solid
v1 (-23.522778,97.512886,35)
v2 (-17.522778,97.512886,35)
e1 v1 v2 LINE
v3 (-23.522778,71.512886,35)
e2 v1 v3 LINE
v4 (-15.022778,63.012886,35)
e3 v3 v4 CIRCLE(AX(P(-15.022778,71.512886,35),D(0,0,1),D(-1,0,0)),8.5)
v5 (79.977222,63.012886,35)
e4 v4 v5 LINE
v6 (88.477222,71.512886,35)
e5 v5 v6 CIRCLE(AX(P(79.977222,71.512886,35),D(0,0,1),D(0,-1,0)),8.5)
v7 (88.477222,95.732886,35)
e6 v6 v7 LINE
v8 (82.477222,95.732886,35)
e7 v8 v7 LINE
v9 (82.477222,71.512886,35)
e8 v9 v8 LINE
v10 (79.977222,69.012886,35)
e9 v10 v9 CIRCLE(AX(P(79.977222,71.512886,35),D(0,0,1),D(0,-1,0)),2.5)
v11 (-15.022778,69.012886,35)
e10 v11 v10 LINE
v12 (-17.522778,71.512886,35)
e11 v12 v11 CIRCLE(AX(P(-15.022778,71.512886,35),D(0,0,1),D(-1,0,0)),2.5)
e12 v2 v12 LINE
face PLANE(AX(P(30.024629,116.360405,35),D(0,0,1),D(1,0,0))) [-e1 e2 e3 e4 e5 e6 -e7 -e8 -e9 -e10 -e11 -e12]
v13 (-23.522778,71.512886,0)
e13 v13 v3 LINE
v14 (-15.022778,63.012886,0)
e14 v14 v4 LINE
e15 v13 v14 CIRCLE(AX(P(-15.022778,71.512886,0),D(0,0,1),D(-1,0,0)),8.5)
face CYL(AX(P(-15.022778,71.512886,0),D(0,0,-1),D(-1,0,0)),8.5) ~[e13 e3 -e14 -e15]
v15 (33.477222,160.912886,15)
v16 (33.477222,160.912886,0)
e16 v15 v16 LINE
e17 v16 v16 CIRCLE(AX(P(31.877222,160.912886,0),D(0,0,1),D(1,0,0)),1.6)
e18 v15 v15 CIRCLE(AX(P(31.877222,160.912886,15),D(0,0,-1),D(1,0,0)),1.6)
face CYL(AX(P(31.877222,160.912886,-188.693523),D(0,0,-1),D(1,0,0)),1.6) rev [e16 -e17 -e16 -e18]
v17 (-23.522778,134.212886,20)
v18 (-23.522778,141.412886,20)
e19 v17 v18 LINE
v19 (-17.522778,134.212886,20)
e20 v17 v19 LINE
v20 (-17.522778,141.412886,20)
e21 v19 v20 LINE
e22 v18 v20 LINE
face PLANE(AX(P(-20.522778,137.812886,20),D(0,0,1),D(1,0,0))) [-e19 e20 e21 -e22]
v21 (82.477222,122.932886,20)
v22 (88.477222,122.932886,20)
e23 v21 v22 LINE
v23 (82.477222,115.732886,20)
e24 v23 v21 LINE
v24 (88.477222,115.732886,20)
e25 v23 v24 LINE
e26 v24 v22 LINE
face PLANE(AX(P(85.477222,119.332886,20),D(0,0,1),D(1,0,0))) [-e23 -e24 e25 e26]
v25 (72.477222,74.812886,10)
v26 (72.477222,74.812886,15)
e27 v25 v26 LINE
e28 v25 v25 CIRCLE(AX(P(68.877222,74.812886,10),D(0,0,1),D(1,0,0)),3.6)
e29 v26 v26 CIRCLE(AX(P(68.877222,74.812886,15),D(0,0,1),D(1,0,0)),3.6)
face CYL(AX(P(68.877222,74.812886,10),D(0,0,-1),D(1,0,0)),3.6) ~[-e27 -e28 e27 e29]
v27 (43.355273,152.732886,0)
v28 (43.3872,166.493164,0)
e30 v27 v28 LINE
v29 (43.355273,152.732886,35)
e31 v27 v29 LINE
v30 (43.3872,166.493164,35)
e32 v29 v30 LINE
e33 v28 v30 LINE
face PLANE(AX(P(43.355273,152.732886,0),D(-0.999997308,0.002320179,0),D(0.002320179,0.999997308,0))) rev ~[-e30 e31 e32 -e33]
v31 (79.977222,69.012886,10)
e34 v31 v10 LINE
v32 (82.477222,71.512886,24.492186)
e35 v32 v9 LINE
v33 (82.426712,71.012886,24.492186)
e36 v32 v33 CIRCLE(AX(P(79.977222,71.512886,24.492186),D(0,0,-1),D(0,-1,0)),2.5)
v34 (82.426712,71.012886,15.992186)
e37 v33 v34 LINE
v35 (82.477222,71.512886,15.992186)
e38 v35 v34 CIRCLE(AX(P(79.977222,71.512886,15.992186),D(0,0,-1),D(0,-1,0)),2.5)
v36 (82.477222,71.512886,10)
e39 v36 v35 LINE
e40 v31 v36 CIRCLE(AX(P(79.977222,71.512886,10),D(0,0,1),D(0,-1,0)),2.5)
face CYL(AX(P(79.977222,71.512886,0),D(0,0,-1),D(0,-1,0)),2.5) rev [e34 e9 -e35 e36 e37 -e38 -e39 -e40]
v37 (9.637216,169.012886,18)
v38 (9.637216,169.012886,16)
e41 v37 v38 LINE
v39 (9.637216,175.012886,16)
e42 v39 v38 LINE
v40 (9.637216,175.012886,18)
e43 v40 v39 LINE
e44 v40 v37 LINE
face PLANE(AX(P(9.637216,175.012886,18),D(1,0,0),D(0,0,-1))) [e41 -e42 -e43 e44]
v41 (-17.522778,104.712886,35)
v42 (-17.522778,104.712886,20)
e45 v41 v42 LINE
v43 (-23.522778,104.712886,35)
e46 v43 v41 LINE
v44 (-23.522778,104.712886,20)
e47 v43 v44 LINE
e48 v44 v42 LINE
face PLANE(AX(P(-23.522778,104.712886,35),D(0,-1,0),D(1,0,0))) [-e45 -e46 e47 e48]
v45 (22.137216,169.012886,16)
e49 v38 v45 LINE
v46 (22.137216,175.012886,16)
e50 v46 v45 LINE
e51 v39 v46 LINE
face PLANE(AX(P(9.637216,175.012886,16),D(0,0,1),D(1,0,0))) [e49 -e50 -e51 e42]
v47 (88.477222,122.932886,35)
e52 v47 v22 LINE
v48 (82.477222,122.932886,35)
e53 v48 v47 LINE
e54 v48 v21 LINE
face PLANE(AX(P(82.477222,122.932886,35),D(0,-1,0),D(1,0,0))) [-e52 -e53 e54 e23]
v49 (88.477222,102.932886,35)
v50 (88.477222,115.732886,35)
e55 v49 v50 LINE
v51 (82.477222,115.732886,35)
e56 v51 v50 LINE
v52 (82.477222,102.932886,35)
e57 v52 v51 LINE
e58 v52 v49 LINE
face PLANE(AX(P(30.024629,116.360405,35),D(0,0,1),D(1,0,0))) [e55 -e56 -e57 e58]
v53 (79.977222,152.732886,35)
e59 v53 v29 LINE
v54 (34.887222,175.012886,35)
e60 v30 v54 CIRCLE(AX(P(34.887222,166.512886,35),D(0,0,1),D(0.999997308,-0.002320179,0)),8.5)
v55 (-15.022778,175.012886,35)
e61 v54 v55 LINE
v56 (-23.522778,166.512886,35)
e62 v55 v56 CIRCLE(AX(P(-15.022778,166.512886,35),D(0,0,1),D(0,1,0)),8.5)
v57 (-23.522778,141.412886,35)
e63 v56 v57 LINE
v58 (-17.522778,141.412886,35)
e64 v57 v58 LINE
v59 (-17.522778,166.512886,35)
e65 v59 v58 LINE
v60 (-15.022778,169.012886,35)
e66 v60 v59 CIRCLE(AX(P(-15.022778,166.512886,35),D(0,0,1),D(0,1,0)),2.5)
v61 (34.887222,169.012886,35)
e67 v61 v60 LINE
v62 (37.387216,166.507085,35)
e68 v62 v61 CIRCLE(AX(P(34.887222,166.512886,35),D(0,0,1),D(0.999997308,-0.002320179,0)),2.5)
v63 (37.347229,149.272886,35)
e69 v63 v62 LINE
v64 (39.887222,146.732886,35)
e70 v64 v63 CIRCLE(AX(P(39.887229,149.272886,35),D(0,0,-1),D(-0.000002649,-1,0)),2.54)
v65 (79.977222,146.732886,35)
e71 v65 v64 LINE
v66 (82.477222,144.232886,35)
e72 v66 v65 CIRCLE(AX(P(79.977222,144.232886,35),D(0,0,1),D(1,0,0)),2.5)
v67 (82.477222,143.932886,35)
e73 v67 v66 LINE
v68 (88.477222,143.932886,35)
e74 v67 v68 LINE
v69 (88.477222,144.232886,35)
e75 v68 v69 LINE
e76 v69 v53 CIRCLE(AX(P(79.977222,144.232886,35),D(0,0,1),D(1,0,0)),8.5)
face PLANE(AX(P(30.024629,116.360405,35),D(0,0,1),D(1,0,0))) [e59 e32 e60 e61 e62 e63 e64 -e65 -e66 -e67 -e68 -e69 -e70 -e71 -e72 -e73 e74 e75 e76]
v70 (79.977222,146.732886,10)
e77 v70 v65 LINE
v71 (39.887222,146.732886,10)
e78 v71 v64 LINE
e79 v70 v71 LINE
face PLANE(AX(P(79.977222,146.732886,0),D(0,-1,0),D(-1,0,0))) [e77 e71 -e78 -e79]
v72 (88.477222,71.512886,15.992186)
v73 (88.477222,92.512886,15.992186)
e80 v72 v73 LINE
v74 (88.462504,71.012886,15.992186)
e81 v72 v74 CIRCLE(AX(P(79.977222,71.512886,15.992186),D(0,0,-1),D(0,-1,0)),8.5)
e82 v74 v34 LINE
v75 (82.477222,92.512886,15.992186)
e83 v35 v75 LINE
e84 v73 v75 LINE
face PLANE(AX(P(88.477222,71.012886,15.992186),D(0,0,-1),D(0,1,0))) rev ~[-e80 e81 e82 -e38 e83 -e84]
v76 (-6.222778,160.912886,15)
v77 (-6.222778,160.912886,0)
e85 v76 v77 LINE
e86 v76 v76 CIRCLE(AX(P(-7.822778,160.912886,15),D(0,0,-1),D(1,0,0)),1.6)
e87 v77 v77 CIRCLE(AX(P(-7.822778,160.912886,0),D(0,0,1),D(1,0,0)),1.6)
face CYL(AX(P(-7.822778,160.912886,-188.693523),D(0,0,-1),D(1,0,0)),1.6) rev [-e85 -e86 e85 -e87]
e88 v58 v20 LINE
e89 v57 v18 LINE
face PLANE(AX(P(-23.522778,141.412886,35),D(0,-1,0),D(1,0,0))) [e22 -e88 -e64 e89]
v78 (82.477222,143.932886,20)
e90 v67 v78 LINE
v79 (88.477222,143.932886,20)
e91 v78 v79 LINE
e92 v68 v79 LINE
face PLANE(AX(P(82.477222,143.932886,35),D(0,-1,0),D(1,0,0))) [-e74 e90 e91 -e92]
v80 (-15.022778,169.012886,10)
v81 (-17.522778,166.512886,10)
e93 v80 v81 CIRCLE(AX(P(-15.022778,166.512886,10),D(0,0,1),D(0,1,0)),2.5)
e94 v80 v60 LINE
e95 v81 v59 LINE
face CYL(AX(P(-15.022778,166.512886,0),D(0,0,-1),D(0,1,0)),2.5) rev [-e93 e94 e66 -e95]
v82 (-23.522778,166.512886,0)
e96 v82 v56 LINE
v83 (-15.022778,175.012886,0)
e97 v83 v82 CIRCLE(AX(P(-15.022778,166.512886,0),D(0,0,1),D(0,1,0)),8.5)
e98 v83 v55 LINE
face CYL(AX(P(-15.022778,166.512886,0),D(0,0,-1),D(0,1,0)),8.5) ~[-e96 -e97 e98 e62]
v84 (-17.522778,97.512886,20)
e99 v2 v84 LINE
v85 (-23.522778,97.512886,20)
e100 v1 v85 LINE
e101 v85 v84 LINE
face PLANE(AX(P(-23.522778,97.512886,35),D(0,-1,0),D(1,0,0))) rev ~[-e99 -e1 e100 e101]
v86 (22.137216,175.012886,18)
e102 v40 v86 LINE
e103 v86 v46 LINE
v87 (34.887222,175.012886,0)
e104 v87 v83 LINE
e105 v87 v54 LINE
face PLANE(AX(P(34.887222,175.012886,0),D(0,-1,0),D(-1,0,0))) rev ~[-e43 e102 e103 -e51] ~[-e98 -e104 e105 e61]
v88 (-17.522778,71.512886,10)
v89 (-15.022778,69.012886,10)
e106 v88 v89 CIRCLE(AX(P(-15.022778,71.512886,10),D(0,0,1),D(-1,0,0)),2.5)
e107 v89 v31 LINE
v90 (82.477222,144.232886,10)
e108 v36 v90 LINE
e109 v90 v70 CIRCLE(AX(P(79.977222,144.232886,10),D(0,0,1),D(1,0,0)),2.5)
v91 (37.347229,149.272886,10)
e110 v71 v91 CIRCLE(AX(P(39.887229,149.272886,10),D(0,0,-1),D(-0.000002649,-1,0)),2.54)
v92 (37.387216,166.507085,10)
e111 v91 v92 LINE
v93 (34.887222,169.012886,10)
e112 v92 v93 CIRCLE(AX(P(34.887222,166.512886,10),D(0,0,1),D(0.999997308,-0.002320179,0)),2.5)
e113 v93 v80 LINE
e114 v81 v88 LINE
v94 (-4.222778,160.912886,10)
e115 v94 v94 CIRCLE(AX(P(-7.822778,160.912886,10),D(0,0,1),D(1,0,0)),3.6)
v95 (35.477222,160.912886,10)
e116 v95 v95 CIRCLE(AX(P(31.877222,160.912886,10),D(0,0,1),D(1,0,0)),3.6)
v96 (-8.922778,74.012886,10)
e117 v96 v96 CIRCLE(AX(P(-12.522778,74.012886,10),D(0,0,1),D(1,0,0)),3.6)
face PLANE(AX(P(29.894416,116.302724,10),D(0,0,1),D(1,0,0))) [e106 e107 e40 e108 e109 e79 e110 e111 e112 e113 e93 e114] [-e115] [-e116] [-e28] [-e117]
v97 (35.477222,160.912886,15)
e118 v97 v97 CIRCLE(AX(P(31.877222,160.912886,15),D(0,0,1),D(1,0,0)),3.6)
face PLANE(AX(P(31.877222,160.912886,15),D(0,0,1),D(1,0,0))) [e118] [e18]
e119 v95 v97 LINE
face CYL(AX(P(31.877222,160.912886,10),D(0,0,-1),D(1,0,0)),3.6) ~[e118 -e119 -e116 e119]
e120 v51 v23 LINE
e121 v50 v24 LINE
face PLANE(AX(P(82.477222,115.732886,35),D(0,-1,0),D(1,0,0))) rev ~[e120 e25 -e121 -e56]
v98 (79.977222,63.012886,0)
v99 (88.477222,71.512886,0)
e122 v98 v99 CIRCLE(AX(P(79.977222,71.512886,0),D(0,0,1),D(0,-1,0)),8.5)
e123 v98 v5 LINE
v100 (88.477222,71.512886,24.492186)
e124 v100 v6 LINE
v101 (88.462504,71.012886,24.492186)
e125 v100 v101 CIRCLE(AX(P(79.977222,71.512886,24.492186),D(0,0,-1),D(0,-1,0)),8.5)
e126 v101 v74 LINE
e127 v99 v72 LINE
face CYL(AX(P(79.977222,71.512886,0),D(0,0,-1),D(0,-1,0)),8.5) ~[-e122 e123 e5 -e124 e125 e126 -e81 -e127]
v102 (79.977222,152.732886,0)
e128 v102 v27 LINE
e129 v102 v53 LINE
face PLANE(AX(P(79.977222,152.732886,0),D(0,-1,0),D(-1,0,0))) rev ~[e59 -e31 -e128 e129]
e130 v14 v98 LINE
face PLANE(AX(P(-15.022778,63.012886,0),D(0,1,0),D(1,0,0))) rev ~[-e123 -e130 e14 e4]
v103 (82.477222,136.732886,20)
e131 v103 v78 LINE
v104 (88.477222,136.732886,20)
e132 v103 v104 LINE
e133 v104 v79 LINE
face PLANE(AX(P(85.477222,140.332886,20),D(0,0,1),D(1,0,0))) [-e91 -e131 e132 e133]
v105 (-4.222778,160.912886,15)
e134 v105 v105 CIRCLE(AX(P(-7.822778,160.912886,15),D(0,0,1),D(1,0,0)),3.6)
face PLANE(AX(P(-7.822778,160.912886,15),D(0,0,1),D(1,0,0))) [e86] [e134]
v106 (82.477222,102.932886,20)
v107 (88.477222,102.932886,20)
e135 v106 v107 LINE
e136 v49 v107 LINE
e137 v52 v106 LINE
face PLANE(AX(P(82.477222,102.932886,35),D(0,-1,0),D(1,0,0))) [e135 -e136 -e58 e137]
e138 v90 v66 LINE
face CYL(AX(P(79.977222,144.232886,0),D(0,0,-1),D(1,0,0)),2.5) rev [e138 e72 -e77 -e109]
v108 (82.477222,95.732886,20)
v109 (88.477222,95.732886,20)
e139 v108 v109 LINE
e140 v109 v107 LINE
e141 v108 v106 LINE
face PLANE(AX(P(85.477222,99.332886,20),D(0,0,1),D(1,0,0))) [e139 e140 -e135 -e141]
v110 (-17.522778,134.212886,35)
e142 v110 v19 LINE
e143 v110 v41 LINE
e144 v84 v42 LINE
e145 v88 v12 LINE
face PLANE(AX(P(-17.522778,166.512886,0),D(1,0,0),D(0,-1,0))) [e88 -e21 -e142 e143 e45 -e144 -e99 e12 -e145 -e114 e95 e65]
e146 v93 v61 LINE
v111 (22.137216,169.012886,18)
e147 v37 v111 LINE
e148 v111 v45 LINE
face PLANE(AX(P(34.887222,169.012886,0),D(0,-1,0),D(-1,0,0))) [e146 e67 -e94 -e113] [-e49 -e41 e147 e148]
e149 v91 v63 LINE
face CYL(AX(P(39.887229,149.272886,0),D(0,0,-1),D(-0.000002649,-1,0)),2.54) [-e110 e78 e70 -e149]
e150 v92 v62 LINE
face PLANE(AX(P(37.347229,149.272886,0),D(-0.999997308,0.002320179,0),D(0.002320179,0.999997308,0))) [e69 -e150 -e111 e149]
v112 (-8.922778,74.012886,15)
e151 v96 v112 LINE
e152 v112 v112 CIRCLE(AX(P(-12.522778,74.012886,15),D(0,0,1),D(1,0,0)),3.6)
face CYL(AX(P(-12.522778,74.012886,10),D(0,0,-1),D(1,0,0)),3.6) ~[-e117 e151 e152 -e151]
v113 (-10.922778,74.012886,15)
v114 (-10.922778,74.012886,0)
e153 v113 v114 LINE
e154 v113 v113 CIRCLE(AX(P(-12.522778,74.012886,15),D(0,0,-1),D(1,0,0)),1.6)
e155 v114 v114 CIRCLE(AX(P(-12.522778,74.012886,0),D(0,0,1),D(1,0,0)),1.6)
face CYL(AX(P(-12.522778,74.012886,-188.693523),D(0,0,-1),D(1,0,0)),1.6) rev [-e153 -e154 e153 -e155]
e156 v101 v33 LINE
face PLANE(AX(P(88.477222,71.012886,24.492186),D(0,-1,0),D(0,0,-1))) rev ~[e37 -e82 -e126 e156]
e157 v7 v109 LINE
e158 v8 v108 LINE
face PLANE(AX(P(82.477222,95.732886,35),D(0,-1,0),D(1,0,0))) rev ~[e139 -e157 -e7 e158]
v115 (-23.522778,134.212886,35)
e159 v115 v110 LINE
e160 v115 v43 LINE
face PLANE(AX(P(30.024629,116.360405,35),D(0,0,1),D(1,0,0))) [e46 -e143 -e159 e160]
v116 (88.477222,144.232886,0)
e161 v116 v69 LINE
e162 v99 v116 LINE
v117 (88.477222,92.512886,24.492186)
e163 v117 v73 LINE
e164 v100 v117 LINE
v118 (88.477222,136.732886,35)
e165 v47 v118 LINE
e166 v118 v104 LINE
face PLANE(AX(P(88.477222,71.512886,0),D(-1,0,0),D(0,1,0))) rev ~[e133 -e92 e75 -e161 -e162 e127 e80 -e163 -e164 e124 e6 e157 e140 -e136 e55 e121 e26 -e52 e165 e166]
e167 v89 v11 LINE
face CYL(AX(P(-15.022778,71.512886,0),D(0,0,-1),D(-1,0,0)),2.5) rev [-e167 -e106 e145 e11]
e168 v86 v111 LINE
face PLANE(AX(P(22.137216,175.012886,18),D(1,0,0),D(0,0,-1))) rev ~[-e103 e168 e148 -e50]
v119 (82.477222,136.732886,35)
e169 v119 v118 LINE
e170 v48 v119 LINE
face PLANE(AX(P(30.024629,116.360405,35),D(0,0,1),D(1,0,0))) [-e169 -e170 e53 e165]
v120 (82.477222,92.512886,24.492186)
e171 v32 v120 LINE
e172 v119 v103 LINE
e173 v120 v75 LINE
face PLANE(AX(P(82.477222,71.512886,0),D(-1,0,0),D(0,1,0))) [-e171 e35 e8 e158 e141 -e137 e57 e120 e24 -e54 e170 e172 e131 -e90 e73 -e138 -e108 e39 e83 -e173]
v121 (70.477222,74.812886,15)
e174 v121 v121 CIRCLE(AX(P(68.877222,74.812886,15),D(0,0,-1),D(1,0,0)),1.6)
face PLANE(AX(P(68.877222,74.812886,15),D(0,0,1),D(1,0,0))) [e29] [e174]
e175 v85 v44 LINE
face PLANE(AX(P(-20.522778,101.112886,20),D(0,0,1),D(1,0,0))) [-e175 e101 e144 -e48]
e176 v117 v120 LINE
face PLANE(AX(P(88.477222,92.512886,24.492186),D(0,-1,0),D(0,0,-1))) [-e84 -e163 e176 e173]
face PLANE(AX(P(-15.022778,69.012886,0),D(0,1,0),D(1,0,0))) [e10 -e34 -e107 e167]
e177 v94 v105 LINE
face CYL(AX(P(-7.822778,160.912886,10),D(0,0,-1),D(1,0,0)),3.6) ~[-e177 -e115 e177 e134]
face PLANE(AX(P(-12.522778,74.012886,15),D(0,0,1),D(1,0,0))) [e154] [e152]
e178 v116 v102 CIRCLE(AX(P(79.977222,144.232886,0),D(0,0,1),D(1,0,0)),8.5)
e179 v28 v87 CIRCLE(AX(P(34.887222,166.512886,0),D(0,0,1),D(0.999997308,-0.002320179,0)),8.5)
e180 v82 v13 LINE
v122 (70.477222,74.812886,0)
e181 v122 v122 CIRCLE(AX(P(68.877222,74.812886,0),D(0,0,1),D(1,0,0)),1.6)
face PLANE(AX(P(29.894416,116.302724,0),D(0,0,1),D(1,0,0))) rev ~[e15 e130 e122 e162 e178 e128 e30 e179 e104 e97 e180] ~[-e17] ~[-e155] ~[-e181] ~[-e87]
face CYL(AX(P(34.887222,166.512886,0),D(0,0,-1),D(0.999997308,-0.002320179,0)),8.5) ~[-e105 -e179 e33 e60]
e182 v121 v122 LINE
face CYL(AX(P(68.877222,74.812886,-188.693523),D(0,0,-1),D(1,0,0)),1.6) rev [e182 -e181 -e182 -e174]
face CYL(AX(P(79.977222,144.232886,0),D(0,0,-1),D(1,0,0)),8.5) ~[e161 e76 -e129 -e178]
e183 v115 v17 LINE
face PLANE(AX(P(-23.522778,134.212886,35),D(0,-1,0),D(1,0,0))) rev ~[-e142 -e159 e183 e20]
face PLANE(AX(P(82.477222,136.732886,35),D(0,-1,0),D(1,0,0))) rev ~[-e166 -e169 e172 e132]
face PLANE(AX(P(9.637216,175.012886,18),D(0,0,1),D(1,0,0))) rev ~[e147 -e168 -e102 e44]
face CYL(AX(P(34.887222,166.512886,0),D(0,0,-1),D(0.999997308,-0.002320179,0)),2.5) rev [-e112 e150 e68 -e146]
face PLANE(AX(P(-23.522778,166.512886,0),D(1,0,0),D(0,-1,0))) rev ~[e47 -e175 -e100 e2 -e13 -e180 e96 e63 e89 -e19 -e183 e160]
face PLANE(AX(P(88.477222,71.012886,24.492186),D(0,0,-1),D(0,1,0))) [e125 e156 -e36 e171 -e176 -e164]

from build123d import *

# Parameters (mm, degrees)
BOSS_EXTRUDE1_DEPTH     = 35
SKETCH4_3_R             = 1.6
BOSS_EXTRUDE2_DEPTH     = 10
SKETCH6_R               = 3.6
BOSS_EXTRUDE4_DEPTH     = 5
CUT_EXTRUDE3_DEPTH      = 198.693522892
CUT_EXTRUDE3_DEPTH_BACK = 198.693522892
SKETCH10_R              = 1.6
CUT_EXTRUDE4_REACH      = 212.71
SKETCH11_W              = 8.5
SKETCH11_H              = 21.5
SKETCH12_W              = 12.5
SKETCH12_H              = 2
CUT_EXTRUDE5_DEPTH      = 6
SKETCH13_W              = 6
SKETCH13_H              = 7.2
CUT_EXTRUDE6_DEPTH      = 15
SKETCH14_W              = 6
SKETCH14_H              = 7.2
CUT_EXTRUDE7_DEPTH      = 15


with BuildPart() as part:
    # Sketch4 → Boss-Extrude1 (new body)
    with BuildSketch(Plane.XY):
        with BuildLine():
            Line((43.355273195, 152.732885516), (43.387199595, 166.493163991))
            ThreePointArc((43.387199595, 166.493163991), (40.904598686, 172.516316495), (34.887222474, 175.012885516))
            Line((34.887222474, 175.012885516), (-15.022777526, 175.012885516))
            ThreePointArc((-15.022777526, 175.012885516), (-21.033185166, 172.523293156), (-23.522777526, 166.512885516))
            Line((-23.522777526, 166.512885516), (-23.522777526, 71.512885516))
            ThreePointArc((-23.522777526, 71.512885516), (-21.033185166, 65.502477876), (-15.022777526, 63.012885516))
            Line((-15.022777526, 63.012885516), (79.977222474, 63.012885516))
            ThreePointArc((79.977222474, 63.012885516), (85.987630114, 65.502477876), (88.477222474, 71.512885516))
            Line((88.477222474, 71.512885516), (88.477222474, 144.232885516))
            ThreePointArc((88.477222474, 144.232885516), (85.987630114, 150.243293156), (79.977222474, 152.732885516))
            Line((79.977222474, 152.732885516), (77.987222474, 152.732885516))
            Line((77.987222474, 152.732885516), (71.637222474, 152.732885516))
            Line((71.637222474, 152.732885516), (50.047222474, 152.732885516))
            Line((50.047222474, 152.732885516), (43.697222474, 152.732885516))
            Line((43.697222474, 152.732885516), (43.355273195, 152.732885516))
        make_face()
        with BuildLine():
            ThreePointArc((37.387215745, 166.507085068), (36.657039007, 168.27860051), (34.887222474, 169.012885516))
            Line((34.887222474, 169.012885516), (-15.022777526, 169.012885516))
            ThreePointArc((-15.022777526, 169.012885516), (-16.790544479, 168.280652469), (-17.522777526, 166.512885516))
            Line((-17.522777526, 166.512885516), (-17.522777526, 71.512885516))
            ThreePointArc((-17.522777526, 71.512885516), (-16.790544479, 69.745118563), (-15.022777526, 69.012885516))
            Line((-15.022777526, 69.012885516), (79.977222474, 69.012885516))
            ThreePointArc((79.977222474, 69.012885516), (81.744989427, 69.745118563), (82.477222474, 71.512885516))
            Line((82.477222474, 71.512885516), (82.477222474, 144.232885516))
            ThreePointArc((82.477222474, 144.232885516), (81.744989427, 146.000652469), (79.977222474, 146.732885516))
            Line((79.977222474, 146.732885516), (77.987222474, 146.732885516))
            Line((77.987222474, 146.732885516), (71.637222474, 146.732885516))
            Line((71.637222474, 146.732885516), (50.047222474, 146.732885516))
            Line((50.047222474, 146.732885516), (43.697222474, 146.732885516))
            Line((43.697222474, 146.732885516), (39.887222474, 146.732885516))
            ThreePointArc((39.887222474, 146.732885516), (38.091175602, 147.476836668), (37.347229203, 149.272885508))
            Line((37.347229203, 149.272885508), (37.387215745, 166.507085068))
        make_face(mode=Mode.SUBTRACT)
    extrude(amount=BOSS_EXTRUDE1_DEPTH)

    # Sketch4<3> → Boss-Extrude2 (add)
    with BuildSketch(Plane.XY):
        with BuildLine():
            Line((37.347229203, 149.272885508), (37.387215745, 166.507085068))
            ThreePointArc((37.387215745, 166.507085068), (36.657039007, 168.27860051), (34.887222474, 169.012885516))
            Line((34.887222474, 169.012885516), (-15.022777526, 169.012885516))
            ThreePointArc((-15.022777526, 169.012885516), (-16.790544479, 168.280652469), (-17.522777526, 166.512885516))
            Line((-17.522777526, 166.512885516), (-17.522777526, 71.512885516))
            ThreePointArc((-17.522777526, 71.512885516), (-16.790544479, 69.745118563), (-15.022777526, 69.012885516))
            Line((-15.022777526, 69.012885516), (79.977222474, 69.012885516))
            ThreePointArc((79.977222474, 69.012885516), (81.744989427, 69.745118563), (82.477222474, 71.512885516))
            Line((82.477222474, 71.512885516), (82.477222474, 144.232885516))
            ThreePointArc((82.477222474, 144.232885516), (81.744989427, 146.000652469), (79.977222474, 146.732885516))
            Line((79.977222474, 146.732885516), (77.987222474, 146.732885516))
            Line((77.987222474, 146.732885516), (71.637222474, 146.732885516))
            Line((71.637222474, 146.732885516), (50.047222474, 146.732885516))
            Line((50.047222474, 146.732885516), (43.697222474, 146.732885516))
            Line((43.697222474, 146.732885516), (39.887222474, 146.732885516))
            ThreePointArc((39.887222474, 146.732885516), (38.091175602, 147.476836668), (37.347229203, 149.272885508))
        make_face()
        with Locations((-7.822777526, 160.912885516)):
            Circle(SKETCH4_3_R, mode=Mode.SUBTRACT)
        with Locations((31.877222474, 160.912885516)):
            Circle(SKETCH4_3_R, mode=Mode.SUBTRACT)
        with Locations((68.877222474, 74.812885516)):
            Circle(SKETCH4_3_R, mode=Mode.SUBTRACT)
        with Locations((-12.522777526, 74.012885516)):
            Circle(SKETCH4_3_R, mode=Mode.SUBTRACT)
    extrude(amount=BOSS_EXTRUDE2_DEPTH)

    # Sketch6 → Boss-Extrude4 (add)
    with BuildSketch(Plane.XY.offset(10)):
        with Locations((68.877222474, 74.812885516)):
            Circle(SKETCH6_R)
        with Locations((-12.522777526, 74.012885516)):
            Circle(SKETCH6_R)
        with Locations((31.877222474, 160.912885516)):
            Circle(SKETCH6_R)
        with Locations((-7.822777526, 160.912885516)):
            Circle(SKETCH6_R)
    extrude(amount=BOSS_EXTRUDE4_DEPTH)

    # Sketch10 → Cut-Extrude3 (cut, two sides: drawn at the far end of the back side and taken through both)
    with BuildSketch(Plane.XY.offset(10).offset(-CUT_EXTRUDE3_DEPTH_BACK)):
        with Locations((-7.822777526, 160.912885516)):
            Circle(SKETCH10_R)
        with Locations((-12.522777526, 74.012885516)):
            Circle(SKETCH10_R)
        with Locations((31.877222474, 160.912885516)):
            Circle(SKETCH10_R)
        with Locations((68.877222474, 74.812885516)):
            Circle(SKETCH10_R)
    extrude(amount=CUT_EXTRUDE3_DEPTH + CUT_EXTRUDE3_DEPTH_BACK, mode=Mode.SUBTRACT)

    # Sketch11 → Cut-Extrude4 (cut, up to next)
    with BuildSketch(Plane(origin=(88.477222474, 0, 0), x_dir=(0, 0, -1), z_dir=(1, 0, 0)), mode=Mode.PRIVATE) as cut_extrude4_sk1:
        with Locations((-20.242185592, 81.762885516)):
            Rectangle(SKETCH11_W, SKETCH11_H)
    cut_extrude4_tool1 = extrude(cut_extrude4_sk1.sketch, amount=-CUT_EXTRUDE4_REACH, mode=Mode.PRIVATE) & part.part
    add(cut_extrude4_tool1.solids().sort_by_distance((88.477222, 81.762886, 20.242186))[0], mode=Mode.SUBTRACT)

    # Sketch12 → Cut-Extrude5 (cut)
    with BuildSketch(Plane(origin=(0, 175.012885516, 0), x_dir=(1, 0, 0), z_dir=(0, 1, 0))):
        with Locations((15.887215745, -17)):
            Rectangle(SKETCH12_W, SKETCH12_H)
    extrude(amount=-CUT_EXTRUDE5_DEPTH, mode=Mode.SUBTRACT)

    # Sketch13 → Cut-Extrude6 (cut)
    with BuildSketch(Plane.XY.offset(35)):
        with Locations((85.477222474, 140.332885516)):
            Rectangle(SKETCH13_W, SKETCH13_H)
        with Locations((85.477222474, 119.332885516)):
            Rectangle(SKETCH13_W, SKETCH13_H)
        with Locations((85.477222474, 99.332885516)):
            Rectangle(SKETCH13_W, SKETCH13_H)
    extrude(amount=-CUT_EXTRUDE6_DEPTH, mode=Mode.SUBTRACT)

    # Sketch14 → Cut-Extrude7 (cut)
    with BuildSketch(Plane.XY.offset(35)):
        with Locations((-20.522777526, 101.112885516)):
            Rectangle(SKETCH14_W, SKETCH14_H)
        with Locations((-20.522777526, 137.812885516)):
            Rectangle(SKETCH14_W, SKETCH14_H)
    extrude(amount=-CUT_EXTRUDE7_DEPTH, mode=Mode.SUBTRACT)


solid = part.part
